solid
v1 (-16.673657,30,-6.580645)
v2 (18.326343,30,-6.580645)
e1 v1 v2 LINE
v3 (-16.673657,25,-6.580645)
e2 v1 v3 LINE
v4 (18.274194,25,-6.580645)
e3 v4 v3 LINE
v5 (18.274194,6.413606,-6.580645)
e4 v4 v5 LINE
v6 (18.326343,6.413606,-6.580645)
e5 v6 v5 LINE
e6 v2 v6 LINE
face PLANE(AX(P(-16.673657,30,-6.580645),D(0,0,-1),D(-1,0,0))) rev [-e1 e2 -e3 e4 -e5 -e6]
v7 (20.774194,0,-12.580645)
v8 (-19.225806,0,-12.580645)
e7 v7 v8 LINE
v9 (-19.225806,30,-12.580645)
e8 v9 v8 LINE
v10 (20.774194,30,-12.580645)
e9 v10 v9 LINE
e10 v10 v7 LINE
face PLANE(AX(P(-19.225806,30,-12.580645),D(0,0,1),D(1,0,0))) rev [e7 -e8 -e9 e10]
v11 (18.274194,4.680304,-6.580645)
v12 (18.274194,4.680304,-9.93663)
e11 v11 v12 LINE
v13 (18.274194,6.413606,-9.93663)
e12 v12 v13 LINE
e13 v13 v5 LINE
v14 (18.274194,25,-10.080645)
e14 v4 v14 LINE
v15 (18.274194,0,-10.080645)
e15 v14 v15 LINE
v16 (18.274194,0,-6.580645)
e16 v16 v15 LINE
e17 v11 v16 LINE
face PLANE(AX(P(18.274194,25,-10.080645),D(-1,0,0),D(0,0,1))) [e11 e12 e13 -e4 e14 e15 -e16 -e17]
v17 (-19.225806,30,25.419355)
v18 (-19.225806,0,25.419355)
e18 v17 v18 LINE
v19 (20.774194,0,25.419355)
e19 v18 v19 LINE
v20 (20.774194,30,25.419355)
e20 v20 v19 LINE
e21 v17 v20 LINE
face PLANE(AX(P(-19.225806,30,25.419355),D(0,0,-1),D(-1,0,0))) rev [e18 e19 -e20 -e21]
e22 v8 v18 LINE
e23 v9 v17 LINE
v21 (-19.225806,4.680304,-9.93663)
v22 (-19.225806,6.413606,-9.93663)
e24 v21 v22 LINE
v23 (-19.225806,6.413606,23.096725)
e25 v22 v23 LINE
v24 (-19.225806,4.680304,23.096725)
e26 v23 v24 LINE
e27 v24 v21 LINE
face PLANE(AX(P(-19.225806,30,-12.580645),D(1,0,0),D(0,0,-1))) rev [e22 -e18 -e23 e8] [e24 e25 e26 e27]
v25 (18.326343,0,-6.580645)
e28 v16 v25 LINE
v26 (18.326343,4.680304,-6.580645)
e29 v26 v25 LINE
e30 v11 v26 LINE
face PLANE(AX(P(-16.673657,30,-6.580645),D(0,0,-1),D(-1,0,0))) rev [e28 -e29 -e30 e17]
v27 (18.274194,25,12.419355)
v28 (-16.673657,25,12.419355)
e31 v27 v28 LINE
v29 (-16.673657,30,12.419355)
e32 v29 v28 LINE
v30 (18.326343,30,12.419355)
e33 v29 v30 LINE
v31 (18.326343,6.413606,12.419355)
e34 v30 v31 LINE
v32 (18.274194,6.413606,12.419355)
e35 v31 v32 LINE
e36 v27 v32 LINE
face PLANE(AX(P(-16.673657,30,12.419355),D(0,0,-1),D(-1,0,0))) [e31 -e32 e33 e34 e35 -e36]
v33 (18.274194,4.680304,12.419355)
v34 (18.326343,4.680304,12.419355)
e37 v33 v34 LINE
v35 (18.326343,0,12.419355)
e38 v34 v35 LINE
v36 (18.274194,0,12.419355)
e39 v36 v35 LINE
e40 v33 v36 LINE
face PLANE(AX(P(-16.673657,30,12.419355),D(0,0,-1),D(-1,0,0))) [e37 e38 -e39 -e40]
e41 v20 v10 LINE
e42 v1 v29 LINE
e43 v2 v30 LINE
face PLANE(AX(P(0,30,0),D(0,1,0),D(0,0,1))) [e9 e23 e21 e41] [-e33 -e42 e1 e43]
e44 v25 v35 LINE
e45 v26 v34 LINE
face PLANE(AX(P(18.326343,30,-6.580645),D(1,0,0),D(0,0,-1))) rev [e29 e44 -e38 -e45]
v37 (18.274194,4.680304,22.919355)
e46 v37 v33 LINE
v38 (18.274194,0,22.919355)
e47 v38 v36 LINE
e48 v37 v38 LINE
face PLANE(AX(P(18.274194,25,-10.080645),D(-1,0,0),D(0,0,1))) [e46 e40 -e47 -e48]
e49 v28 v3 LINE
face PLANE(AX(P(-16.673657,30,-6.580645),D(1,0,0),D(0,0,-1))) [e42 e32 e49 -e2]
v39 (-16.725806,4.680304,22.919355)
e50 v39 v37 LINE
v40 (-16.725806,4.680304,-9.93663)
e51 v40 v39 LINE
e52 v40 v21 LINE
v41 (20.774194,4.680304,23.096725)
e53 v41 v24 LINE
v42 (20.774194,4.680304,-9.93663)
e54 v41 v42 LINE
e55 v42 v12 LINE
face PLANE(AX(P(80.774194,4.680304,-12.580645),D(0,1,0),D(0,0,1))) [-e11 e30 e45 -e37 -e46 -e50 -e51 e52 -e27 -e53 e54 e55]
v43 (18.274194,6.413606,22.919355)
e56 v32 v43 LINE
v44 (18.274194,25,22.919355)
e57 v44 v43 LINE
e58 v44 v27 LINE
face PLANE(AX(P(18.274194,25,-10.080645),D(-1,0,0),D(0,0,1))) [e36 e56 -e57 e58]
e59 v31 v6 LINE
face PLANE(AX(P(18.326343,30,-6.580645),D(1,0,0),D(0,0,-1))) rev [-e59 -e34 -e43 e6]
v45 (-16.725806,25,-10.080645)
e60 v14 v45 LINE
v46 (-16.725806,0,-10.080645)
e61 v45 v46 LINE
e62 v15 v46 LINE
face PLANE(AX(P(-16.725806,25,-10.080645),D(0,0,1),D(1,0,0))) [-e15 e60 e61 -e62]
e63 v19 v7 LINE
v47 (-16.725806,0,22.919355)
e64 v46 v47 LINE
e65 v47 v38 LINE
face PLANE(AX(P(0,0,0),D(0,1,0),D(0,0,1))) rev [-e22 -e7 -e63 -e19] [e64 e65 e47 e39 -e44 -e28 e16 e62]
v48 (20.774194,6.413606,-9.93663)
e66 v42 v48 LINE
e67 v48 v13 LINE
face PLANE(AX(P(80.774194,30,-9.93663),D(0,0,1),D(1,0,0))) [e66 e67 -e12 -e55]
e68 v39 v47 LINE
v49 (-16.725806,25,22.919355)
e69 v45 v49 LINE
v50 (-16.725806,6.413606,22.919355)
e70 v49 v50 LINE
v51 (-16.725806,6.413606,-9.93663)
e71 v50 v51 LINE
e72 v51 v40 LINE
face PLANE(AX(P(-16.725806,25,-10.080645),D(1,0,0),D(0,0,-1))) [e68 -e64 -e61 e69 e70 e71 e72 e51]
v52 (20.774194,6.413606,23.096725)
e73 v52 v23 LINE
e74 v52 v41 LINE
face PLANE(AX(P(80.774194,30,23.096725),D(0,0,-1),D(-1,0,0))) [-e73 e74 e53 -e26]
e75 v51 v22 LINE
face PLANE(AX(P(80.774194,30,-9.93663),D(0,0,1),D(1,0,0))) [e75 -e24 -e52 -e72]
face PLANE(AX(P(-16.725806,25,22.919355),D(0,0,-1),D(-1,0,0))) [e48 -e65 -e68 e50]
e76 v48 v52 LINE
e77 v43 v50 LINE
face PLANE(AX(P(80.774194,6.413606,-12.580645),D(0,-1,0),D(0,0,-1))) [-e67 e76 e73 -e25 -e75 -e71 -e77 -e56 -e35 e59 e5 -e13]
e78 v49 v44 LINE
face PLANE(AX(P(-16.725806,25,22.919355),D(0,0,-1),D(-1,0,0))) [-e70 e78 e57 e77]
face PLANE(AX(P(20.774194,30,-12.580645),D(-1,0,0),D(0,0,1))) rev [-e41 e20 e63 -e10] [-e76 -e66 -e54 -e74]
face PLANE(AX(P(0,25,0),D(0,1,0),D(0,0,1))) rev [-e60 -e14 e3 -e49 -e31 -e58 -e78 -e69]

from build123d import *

# Parameters (mm, degrees)
SKETCH1_W           = 40
SKETCH1_H           = 38
BOSS_EXTRUDE2_DEPTH = 30
SKETCH3_W           = 35
SKETCH3_H           = 33
CUT_EXTRUDE1_DEPTH  = 25
SKETCH4_W           = 35
SKETCH4_H           = 19
CUT_EXTRUDE3_DEPTH  = 30
CUT_EXTRUDE4_START  = -79.225806
SKETCH5_W           = 33.033354951
SKETCH5_H           = 1.733302189
CUT_EXTRUDE4_DEPTH  = 100


with BuildPart() as part:
    # Sketch1 → Boss-Extrude2 (new body)
    with BuildSketch(Plane(origin=(0, 0, 0), x_dir=(1, 0, 0), z_dir=(0, 1, 0))):
        with Locations((0.774193548, -6.419354839)):
            Rectangle(SKETCH1_W, SKETCH1_H)
    extrude(amount=BOSS_EXTRUDE2_DEPTH)

    # Sketch3 → Cut-Extrude1 (cut)
    with BuildSketch(Plane(origin=(0, 0, 0), x_dir=(1, 0, 0), z_dir=(0, 1, 0))):
        with Locations((0.774193548, -6.419354839)):
            Rectangle(SKETCH3_W, SKETCH3_H)
    extrude(amount=CUT_EXTRUDE1_DEPTH, mode=Mode.SUBTRACT)

    # Sketch4 → Cut-Extrude3 (cut)
    with BuildSketch(Plane(origin=(0, 0, 0), x_dir=(1, 0, 0), z_dir=(0, 1, 0))):
        with Locations((0.826342552, -2.919354839)):
            Rectangle(SKETCH4_W, SKETCH4_H)
    extrude(amount=CUT_EXTRUDE3_DEPTH, mode=Mode.SUBTRACT)

    # Sketch5 → Cut-Extrude4 (cut)
    with BuildSketch(Plane(origin=(0, 0, 0), x_dir=(0, 0, -1), z_dir=(1, 0, 0)).offset(CUT_EXTRUDE4_START)):
        with Locations((-6.580047935, 5.546955331)):
            Rectangle(SKETCH5_W, SKETCH5_H)
    extrude(amount=CUT_EXTRUDE4_DEPTH, mode=Mode.SUBTRACT)


solid = part.part
